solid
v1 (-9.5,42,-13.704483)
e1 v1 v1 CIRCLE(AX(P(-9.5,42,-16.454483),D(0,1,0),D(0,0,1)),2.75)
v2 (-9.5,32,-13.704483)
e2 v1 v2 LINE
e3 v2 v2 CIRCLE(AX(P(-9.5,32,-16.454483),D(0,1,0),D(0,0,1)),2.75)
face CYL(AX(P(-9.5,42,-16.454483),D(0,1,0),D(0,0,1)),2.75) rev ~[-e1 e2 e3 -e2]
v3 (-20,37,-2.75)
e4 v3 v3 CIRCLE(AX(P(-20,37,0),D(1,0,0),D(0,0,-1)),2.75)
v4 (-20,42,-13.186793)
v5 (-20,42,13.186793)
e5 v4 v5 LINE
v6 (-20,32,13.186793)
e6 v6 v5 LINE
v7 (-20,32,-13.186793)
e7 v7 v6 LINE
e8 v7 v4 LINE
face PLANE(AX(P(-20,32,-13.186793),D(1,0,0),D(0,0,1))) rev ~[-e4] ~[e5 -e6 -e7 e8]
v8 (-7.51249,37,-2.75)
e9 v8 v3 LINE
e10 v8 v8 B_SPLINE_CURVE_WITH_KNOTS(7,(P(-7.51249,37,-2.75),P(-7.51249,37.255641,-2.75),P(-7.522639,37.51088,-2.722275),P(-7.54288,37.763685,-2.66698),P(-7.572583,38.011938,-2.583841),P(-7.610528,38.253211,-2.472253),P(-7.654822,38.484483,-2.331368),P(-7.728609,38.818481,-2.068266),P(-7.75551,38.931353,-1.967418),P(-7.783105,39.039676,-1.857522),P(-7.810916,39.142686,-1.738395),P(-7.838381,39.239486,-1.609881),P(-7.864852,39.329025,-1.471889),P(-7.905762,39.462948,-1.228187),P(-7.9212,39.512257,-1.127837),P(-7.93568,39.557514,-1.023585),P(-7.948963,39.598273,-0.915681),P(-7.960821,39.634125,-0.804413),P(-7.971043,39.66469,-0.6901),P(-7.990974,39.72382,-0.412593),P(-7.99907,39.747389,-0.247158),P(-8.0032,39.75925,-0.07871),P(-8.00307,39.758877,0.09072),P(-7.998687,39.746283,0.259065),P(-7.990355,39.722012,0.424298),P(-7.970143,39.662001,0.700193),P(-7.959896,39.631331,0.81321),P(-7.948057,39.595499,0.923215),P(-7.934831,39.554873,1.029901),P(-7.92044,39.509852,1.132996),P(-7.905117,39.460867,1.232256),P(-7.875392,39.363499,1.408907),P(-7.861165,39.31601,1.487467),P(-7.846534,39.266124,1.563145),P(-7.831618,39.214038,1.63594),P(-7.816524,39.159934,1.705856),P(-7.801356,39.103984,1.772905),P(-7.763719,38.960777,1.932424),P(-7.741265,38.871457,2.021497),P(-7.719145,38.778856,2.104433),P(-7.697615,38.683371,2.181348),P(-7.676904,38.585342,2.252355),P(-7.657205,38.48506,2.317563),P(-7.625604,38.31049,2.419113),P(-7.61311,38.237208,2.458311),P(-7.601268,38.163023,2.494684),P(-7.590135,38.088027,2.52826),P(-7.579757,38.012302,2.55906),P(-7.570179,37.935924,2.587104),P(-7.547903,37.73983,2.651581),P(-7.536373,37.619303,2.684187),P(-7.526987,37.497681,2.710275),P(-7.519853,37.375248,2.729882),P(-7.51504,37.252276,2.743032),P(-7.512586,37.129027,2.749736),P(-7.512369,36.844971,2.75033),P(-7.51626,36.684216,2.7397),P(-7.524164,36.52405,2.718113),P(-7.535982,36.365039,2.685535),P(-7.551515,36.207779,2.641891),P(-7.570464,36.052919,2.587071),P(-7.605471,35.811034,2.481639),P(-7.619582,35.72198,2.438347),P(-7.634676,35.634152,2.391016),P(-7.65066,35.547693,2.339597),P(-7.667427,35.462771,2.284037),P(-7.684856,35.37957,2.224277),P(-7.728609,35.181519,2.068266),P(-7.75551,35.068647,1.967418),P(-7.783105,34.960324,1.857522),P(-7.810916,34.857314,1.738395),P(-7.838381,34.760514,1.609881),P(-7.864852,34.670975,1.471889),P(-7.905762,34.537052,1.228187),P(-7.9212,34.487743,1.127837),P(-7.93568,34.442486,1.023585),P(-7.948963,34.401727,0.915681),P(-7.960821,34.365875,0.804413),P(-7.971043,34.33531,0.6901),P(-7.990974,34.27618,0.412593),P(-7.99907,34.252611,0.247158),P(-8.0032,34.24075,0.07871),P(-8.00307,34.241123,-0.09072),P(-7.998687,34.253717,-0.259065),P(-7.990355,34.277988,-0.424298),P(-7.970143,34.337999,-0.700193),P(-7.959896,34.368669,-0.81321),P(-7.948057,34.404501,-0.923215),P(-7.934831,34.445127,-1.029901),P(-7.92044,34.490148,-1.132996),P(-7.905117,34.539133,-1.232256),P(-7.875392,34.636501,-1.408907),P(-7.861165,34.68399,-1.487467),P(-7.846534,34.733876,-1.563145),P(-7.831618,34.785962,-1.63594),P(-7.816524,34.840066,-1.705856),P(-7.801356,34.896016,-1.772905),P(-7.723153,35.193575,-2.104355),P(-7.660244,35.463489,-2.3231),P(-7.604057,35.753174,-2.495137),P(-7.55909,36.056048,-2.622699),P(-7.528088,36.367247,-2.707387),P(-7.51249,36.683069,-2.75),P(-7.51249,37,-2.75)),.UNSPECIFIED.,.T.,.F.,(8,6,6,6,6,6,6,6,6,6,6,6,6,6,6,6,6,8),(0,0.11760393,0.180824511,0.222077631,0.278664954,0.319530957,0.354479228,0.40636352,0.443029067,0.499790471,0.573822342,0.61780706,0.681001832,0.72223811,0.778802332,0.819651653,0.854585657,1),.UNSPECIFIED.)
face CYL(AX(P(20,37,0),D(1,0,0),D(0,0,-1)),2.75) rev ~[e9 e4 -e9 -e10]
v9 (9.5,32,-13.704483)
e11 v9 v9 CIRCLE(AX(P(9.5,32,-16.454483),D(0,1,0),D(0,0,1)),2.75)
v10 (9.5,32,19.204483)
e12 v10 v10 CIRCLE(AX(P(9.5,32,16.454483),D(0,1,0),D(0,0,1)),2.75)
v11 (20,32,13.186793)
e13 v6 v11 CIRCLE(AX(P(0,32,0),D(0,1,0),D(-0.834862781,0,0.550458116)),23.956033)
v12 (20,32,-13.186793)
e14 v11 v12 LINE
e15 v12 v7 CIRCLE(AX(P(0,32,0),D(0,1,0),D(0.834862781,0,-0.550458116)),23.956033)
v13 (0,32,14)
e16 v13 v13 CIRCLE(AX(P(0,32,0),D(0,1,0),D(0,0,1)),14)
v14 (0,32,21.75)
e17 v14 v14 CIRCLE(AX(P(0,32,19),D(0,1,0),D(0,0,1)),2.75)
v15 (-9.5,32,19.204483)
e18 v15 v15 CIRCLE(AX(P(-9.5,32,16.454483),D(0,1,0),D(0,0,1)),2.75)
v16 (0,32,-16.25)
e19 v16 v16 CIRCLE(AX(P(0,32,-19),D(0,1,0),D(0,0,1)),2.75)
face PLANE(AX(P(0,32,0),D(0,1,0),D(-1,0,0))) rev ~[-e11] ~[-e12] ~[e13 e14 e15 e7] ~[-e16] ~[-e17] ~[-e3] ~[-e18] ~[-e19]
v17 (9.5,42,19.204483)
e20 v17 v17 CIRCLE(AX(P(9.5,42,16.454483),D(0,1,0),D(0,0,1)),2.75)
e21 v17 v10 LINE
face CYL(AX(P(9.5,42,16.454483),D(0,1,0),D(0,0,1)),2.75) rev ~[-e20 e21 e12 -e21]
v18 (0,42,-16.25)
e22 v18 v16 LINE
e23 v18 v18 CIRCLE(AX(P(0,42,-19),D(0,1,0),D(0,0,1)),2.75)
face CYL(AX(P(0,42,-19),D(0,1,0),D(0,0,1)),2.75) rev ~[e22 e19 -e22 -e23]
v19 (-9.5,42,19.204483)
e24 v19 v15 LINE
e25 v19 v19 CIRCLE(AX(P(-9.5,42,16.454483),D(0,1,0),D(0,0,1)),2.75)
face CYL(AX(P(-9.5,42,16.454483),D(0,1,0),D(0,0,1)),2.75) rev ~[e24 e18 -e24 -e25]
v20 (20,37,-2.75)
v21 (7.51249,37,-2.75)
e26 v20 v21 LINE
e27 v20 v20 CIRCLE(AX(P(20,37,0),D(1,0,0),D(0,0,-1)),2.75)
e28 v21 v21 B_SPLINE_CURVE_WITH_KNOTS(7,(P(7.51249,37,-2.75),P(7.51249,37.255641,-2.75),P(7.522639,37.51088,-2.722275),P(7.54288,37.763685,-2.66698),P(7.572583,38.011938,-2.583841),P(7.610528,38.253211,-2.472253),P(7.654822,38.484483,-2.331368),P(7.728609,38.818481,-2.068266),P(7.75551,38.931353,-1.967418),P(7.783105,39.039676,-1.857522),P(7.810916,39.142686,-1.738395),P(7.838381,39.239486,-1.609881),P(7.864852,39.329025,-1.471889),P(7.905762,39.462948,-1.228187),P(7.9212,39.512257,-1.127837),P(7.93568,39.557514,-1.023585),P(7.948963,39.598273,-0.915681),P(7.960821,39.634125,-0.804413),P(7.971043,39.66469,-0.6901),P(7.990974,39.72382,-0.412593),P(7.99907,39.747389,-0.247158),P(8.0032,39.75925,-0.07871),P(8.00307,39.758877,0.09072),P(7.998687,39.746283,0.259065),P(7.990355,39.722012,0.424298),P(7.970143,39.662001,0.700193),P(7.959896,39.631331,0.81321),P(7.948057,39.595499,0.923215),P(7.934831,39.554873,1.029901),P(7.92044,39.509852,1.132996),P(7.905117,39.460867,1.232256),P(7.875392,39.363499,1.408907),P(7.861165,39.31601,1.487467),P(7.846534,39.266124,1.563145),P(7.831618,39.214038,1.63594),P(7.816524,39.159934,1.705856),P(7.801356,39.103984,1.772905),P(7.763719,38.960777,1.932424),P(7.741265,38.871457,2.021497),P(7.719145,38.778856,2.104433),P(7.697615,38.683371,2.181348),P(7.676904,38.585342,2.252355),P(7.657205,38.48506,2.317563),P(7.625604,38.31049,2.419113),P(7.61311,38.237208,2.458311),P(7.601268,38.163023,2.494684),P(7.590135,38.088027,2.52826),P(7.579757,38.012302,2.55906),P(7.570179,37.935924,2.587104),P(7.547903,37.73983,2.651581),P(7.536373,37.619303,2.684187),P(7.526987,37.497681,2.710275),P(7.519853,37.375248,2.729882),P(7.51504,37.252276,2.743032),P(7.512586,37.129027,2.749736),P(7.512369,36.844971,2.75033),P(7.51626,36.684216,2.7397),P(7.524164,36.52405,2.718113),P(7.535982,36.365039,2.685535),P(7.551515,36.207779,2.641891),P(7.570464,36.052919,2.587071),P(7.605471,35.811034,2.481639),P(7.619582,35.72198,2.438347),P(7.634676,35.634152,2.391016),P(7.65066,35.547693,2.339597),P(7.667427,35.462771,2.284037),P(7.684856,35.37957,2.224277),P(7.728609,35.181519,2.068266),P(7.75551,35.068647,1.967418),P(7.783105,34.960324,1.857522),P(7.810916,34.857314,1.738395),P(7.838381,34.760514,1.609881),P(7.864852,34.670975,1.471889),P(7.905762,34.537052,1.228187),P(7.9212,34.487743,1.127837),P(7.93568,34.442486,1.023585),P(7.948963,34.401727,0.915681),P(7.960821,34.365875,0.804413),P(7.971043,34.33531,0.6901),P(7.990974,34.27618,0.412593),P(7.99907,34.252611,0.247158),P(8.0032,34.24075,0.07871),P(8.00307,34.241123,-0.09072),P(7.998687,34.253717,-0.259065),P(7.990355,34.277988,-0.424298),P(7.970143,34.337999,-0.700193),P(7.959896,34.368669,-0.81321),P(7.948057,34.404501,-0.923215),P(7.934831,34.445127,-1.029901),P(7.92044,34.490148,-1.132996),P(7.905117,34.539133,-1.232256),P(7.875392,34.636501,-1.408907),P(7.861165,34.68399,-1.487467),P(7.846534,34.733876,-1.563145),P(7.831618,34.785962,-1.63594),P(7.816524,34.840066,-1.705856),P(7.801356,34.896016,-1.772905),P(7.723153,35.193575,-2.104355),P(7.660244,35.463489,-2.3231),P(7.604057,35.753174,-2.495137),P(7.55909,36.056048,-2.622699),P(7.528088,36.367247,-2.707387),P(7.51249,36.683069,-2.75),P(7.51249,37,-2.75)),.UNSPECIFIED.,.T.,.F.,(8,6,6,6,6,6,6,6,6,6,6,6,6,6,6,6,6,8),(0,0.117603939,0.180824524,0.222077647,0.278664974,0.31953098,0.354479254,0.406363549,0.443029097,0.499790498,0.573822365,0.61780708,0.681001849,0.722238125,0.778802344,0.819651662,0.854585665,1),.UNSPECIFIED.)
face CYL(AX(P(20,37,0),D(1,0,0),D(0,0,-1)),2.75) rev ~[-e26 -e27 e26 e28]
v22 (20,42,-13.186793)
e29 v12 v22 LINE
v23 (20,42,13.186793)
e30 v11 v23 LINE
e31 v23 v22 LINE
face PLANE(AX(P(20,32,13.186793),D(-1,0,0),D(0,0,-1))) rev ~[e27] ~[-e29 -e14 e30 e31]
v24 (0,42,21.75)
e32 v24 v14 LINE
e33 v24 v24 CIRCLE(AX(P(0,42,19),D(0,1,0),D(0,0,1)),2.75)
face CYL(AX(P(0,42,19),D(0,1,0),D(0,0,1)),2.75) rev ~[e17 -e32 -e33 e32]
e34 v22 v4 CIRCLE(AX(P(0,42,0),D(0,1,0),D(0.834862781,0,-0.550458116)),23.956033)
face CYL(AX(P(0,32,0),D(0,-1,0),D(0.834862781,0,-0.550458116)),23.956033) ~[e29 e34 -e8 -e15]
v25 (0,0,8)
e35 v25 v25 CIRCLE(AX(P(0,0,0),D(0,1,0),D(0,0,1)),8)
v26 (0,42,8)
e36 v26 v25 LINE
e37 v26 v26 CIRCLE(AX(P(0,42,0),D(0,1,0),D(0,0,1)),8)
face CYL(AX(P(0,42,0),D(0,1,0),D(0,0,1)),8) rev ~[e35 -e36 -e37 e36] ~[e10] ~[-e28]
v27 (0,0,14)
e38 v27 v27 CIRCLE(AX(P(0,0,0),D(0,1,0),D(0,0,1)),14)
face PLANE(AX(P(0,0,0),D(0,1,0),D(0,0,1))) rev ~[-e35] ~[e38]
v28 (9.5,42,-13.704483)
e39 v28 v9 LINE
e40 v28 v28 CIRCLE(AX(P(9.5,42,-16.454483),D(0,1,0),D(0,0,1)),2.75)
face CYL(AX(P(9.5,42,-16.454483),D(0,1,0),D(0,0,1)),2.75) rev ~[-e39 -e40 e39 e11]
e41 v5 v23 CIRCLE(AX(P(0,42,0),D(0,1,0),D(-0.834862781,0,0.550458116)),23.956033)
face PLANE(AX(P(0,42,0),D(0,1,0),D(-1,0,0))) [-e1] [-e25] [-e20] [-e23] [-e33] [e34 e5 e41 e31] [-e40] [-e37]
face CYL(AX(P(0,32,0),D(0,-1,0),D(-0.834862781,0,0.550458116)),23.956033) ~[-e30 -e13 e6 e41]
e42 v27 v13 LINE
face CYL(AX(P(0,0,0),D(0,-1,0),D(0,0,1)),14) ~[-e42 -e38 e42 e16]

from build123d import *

# Parameters (mm, degrees)
SKETCH1_R           = 14
BOSS_EXTRUDE1_DEPTH = 32
BOSS_EXTRUDE2_DEPTH = 10
SKETCH6_R           = 8
CUT_EXTRUDE1_DEPTH  = 53.324865011
SKETCH8_R           = 2.75
CUT_EXTRUDE2_DEPTH  = 53.324865011
SKETCH9_R           = 2.75
CUT_EXTRUDE3_DEPTH  = 63.752621447


with BuildPart() as part:
    # Sketch1 → Boss-Extrude1 (new body)
    with BuildSketch(Plane(origin=(0, 0, 0), x_dir=(1, 0, 0), z_dir=(0, 1, 0))):
        with Locations(Location((0, 0, 0), (0, 0, 270))):
            Circle(SKETCH1_R)
    extrude(amount=BOSS_EXTRUDE1_DEPTH)

    # Sketch5 → Boss-Extrude2 (add)
    with BuildSketch(Plane(origin=(0, 32, 0), x_dir=(-1, 0, 0), z_dir=(0, 1, 0))):
        with BuildLine():
            Line((-20, 13.186792576), (-20, -13.186792576))
            ThreePointArc((-20, -13.186792576), (0, -23.956032611), (20, -13.186792576))
            Line((20, -13.186792576), (20, 13.186792576))
            ThreePointArc((20, 13.186792576), (0, 23.956032611), (-20, 13.186792576))
        make_face()
    extrude(amount=BOSS_EXTRUDE2_DEPTH)

    # Sketch6 → Cut-Extrude1 (cut, through all)
    with BuildSketch(Plane(origin=(0, 42, 0), x_dir=(-1, 0, 0), z_dir=(0, 1, 0))):
        with Locations(Location((0, 0, 0), (0, 0, 90))):
            Circle(SKETCH6_R)
    extrude(amount=-CUT_EXTRUDE1_DEPTH, mode=Mode.SUBTRACT)

    # Sketch8 → Cut-Extrude2 (cut, through all)
    with BuildSketch(Plane(origin=(0, 42, 0), x_dir=(-1, 0, 0), z_dir=(0, 1, 0))):
        with Locations(Location((0, 19, 0), (0, 0, 90))):
            Circle(SKETCH8_R)
        with Locations(Location((9.5, 16.454482672, 0), (0, 0, 90))):
            Circle(SKETCH8_R)
        with Locations(Location((9.5, -16.454482672, 0), (0, 0, 90))):
            Circle(SKETCH8_R)
        with Locations(Location((0, -19, 0), (0, 0, 90))):
            Circle(SKETCH8_R)
        with Locations(Location((-9.5, -16.454482672, 0), (0, 0, 90))):
            Circle(SKETCH8_R)
        with Locations(Location((-9.5, 16.454482672, 0), (0, 0, 90))):
            Circle(SKETCH8_R)
    extrude(amount=-CUT_EXTRUDE2_DEPTH, mode=Mode.SUBTRACT)

    # Sketch9 → Cut-Extrude3 (cut, through all)
    with BuildSketch(Plane(origin=(20, 0, 0), x_dir=(0, 0, -1), z_dir=(1, 0, 0))):
        with Locations((0, 37)):
            Circle(SKETCH9_R)
    extrude(amount=-CUT_EXTRUDE3_DEPTH, mode=Mode.SUBTRACT)


solid = part.part
